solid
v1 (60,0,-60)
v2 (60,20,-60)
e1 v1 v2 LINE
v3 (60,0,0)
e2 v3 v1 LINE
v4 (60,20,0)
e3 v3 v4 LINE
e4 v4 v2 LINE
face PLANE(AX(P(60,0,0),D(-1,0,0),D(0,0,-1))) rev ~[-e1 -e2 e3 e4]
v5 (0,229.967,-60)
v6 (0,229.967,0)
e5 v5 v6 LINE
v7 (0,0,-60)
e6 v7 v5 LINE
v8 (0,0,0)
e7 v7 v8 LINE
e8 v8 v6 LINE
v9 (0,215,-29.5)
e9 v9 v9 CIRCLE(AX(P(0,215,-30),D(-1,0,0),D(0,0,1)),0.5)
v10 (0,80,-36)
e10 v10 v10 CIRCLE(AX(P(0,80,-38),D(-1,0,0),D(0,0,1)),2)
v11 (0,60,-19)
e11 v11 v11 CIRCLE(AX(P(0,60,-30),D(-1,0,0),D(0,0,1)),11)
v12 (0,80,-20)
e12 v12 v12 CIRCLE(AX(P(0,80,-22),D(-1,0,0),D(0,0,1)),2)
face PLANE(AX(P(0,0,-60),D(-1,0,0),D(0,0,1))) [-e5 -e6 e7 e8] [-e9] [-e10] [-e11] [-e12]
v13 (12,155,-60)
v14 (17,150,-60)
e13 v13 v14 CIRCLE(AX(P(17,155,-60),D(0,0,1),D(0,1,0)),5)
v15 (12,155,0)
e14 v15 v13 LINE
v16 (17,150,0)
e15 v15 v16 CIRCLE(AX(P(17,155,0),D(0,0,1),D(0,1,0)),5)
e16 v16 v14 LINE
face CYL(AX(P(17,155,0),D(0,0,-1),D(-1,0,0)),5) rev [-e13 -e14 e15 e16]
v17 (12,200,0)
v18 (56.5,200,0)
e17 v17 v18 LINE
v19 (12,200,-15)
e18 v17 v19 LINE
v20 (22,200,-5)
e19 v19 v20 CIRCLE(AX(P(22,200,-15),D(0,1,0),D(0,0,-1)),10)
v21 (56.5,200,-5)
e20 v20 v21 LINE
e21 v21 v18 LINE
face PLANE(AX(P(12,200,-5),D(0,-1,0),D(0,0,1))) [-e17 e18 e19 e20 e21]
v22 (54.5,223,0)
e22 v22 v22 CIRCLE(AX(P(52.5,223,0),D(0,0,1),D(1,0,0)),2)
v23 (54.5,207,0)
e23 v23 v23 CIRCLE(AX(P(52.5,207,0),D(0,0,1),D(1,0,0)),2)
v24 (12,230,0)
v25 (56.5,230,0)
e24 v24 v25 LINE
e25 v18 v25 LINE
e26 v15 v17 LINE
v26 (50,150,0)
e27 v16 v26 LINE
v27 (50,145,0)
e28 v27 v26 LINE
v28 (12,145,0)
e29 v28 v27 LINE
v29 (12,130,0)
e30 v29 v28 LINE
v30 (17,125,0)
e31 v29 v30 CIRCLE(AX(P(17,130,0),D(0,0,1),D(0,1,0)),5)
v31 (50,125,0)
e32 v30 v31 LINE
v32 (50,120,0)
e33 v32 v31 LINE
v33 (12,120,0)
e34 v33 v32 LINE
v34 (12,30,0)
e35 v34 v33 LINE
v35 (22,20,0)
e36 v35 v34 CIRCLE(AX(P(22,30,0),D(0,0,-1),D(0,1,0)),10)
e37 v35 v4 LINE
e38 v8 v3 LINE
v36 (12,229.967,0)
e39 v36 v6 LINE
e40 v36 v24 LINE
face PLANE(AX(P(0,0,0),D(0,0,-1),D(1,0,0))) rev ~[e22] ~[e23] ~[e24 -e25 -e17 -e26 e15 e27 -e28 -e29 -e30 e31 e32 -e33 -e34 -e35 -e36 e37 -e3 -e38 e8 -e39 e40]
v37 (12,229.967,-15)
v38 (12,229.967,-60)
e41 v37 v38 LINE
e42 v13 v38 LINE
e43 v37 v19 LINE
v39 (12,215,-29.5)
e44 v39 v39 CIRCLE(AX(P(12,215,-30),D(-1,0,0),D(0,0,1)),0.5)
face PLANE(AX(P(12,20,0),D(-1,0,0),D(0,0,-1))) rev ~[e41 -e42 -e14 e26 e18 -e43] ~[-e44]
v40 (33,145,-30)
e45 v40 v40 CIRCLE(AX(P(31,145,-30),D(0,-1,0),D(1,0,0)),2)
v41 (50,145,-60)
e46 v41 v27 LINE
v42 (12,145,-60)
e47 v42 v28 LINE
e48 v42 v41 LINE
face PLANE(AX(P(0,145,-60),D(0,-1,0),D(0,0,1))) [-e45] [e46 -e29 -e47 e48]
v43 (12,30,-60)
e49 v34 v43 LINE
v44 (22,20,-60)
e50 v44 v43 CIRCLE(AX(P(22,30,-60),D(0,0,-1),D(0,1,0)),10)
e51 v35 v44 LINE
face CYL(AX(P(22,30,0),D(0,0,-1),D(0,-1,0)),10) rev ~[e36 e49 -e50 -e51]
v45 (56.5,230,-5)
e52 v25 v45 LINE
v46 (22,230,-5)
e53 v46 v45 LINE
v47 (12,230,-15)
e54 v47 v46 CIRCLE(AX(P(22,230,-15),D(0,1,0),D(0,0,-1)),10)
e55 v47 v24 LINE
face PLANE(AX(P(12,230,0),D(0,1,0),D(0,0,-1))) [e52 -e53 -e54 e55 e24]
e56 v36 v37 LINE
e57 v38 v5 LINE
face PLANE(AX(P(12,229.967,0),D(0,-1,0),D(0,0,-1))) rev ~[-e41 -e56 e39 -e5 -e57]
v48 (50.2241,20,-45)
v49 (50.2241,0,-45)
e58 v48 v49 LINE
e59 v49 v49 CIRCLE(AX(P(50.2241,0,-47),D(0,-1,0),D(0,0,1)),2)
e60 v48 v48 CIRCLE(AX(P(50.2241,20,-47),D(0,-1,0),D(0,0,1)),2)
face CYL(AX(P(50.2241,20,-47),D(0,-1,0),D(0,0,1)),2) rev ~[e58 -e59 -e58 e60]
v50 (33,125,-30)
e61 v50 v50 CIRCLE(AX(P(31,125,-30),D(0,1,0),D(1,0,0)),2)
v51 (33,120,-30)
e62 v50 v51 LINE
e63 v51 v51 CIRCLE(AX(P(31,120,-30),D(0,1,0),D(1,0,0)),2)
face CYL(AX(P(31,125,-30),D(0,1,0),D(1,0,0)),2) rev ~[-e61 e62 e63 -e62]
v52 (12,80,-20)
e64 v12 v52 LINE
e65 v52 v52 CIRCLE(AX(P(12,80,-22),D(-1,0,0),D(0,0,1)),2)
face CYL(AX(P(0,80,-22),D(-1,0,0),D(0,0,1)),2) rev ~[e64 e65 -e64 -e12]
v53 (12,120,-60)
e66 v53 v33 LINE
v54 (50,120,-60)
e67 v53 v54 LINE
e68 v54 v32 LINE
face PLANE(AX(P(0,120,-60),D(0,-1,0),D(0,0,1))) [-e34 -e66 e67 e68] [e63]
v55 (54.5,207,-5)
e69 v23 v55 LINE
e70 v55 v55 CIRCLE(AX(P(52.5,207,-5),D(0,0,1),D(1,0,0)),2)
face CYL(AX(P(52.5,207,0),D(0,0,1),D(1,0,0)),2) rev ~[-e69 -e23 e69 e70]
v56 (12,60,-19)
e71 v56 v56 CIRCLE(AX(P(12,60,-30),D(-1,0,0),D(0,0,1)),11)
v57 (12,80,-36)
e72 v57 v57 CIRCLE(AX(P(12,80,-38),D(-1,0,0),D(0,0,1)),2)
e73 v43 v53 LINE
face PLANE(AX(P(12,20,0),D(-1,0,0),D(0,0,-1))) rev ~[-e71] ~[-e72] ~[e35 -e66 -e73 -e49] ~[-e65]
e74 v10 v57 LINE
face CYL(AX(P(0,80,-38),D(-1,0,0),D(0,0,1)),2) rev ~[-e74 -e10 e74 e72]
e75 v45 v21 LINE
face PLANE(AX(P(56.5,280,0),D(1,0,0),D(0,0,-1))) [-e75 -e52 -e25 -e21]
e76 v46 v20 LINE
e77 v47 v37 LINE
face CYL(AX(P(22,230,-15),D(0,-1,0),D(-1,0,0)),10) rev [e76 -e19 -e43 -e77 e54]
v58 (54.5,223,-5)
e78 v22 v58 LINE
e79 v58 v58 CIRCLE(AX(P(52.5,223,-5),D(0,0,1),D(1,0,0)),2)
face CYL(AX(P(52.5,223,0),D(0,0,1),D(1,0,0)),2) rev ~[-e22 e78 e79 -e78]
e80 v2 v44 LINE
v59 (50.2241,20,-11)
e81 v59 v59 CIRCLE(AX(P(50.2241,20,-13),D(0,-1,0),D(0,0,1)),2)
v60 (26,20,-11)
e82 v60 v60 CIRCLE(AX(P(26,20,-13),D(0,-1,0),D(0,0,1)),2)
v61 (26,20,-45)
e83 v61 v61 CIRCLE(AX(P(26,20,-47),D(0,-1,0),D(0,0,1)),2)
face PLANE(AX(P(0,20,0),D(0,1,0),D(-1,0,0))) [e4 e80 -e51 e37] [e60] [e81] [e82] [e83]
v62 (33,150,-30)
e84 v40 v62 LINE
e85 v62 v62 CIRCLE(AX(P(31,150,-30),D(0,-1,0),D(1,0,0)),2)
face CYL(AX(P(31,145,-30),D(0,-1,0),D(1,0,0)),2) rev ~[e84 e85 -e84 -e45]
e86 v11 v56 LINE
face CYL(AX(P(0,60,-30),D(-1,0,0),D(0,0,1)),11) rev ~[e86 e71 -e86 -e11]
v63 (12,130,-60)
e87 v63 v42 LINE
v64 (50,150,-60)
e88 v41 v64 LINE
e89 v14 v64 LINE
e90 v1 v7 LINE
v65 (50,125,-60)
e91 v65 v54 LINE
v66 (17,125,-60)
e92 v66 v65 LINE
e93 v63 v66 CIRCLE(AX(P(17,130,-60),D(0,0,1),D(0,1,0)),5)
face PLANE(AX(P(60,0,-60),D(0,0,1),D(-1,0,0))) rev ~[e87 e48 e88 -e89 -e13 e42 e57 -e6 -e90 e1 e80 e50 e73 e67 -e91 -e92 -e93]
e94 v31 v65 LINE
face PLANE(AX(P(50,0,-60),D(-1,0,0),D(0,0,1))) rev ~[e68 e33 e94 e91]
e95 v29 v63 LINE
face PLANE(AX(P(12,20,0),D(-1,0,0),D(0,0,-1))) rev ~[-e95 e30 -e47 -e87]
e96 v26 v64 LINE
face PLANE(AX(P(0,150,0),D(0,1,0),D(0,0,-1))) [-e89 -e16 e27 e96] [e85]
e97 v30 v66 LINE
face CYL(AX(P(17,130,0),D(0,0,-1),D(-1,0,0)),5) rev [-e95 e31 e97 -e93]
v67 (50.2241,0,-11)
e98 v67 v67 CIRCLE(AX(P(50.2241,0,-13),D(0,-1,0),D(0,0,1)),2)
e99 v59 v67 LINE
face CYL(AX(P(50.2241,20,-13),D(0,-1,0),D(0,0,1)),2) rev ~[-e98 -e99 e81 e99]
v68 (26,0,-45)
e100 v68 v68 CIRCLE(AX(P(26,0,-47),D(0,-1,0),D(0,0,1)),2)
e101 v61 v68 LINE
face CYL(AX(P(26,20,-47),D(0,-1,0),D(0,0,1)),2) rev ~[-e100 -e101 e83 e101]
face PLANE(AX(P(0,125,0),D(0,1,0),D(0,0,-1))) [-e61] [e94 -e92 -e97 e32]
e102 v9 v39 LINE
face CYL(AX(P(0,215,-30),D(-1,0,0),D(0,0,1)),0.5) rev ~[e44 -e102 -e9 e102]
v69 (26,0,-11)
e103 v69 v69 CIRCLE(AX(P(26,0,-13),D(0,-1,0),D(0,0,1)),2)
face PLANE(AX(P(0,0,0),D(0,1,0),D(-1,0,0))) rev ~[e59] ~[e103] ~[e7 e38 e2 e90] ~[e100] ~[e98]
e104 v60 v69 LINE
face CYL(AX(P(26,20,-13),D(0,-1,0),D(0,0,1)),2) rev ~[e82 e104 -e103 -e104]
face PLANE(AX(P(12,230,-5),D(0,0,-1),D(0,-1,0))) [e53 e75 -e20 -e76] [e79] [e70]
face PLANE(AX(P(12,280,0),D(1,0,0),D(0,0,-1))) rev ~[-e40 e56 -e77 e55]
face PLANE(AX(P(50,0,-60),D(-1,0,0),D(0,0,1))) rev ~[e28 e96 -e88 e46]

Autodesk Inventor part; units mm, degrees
ref_plane "YZ Plane" through (0, 0, 0) normal (1, 0, 0) x (0, 1, 0)
ref_plane "XZ Plane" through (0, 0, 0) normal (0, 1, 0) x (-1, 0, 0)
ref_plane "XY Plane" through (0, 0, 0) normal (0, 0, 1) x (1, 0, 0)
sketch "Эскиз1" plane through (0, 0, 0) normal (0, 1, 0) x (-1, 0, 0)
  line L0 (0, 0) -> (-60, 0)
  line L1 (-60, 0) -> (-60, -60)
  line L2 (-60, -60) -> (0, -60)
  line L3 (0, -60) -> (0, 0)
  dimension "d0" = 60
  dimension "d1" = 60
extrude "Выдавливание1" add sketch "Эскиз1" along normal blind 20
sketch "Эскиз2" plane through (0, 20, 0) normal (0, 1, 0) x (1, 0, 0)
  line L0 (0, 0) -> (60, 0) projected
  line L1 (0, 0) -> (12, 0)
  line L2 (12, 0) -> (12, 60)
  line L3 (60, 60) -> (0, 60) projected
  line L4 (0, 60) -> (0, 0) projected
  line L5 (0, 60) -> (0, 0)
  dimension "d4" = 12
extrude "Выдавливание2" add sketch "Эскиз2" along normal blind 260
sketch "Эскиз3" plane through (0, 20, 0) normal (0, 1, 0) x (1, 0, 0)
  point P0 (0, 0)
  point P1 (26, 13)
  point P2 (26, 47)
  point P3 (50.2241, 13)
  point P4 (50.2241, 47)
hole "Отверстие1" at (26, 20, -13) at (26, 20, -47) at (50.2241, 20, -13) at (50.2241, 20, -47) direction (0, -1, 0) diameter 4 depth 40 tip angle 118
sketch "Эскиз4" plane through (12, 20, 0) normal (1, 0, 0) x (0, 0, -1)
  point P0 (0, -20)
  point P1 (30, 88)
  dimension "d14" = 0
extrude "Выдавливание3" [suppressed]
sketch "Эскиз5" plane through (12, 20, 0) normal (1, 0, 0) x (0, 0, -1)
  point P0 (0, -20)
sketch "Эскиз6" plane through (0, 0, 0) normal (0, 0, 1) x (1, 0, 0)
  line L0 (0, 0) -> (0, 280) projected
  line L1 (12, 20) -> (12, 280) projected
sketch "Эскиз7" plane through (60, 0, -60) normal (0, 0, -1) x (-1, 0, 0)
  point P0 (60, 0)
sketch "Эскиз8" plane through (12, 20, 0) normal (1, 0, 0) x (0, 0, -1)
  circle A0 centre (30, 80) radius 11.5
  point P0 (0, -20)
  point P1 (0, 80)
  dimension "d17" = 23
extrude "Выдавливание4" cut sketch "Эскиз8" against normal blind 100
sketch "Эскиз9" plane through (0, 0, -60) normal (-1, 0, 0) x (0, 0, 1)
  circle A0 centre (29.731, 99.8395) radius 12.5286
  point P0 (60, 0)
  point P1 (0, 80)
extrude "Выдавливание5" add sketch "Эскиз9" against normal blind 12
sketch "Эскиз10" plane through (0, 0, -60) normal (-1, 0, 0) x (0, 0, 1)
  line L0 (0, 0) -> (0, 280) projected
  circle A0 centre (30, 60) radius 11
  circle A1 centre (22, 80) radius 2
  circle A2 centre (38, 80) radius 2
  point P0 (60, 0)
  point P1 (0, 60)
  point P2 (0, 80)
  point P3 (30, 80)
  dimension "d22" = 22
  dimension "d23" = 4
  dimension "d24" = 4
extrude "Выдавливание6" cut sketch "Эскиз10" against normal blind 12
sketch "Эскиз11" plane through (0, 0, 0) normal (0, -1, 0) x (1, 0, 0)
  point P0 (0, 0)
fillet "Сопряжение1" radius 10 1 edges at (12, 20, -30)
sketch "Эскиз12" plane through (0, 0, -60) normal (-1, 0, 0) x (0, 0, 1)
  line L0 (0, 120) -> (60, 120)
  line L1 (60, 120) -> (60, 125)
  line L2 (60, 125) -> (0, 125)
  line L3 (0, 125) -> (0, 120)
  point P0 (60, 0)
  dimension "d28" = 60
  dimension "d29" = 5
extrude "Выдавливание7" add sketch "Эскиз12" against normal blind 50
fillet "Сопряжение2" radius 5 1 edges at (12, 125, -30)
sketch "Эскиз13" plane through (50, 125, 0) normal (0, 1, 0) x (1, 0, 0)
  circle A0 centre (-19, 30) radius 2
  point P0 (-50, 0)
  dimension "d33" = 4
extrude "Выдавливание8" cut sketch "Эскиз13" against normal blind 50
sketch "Эскиз14" plane through (0, 0, -60) normal (-1, 0, 0) x (0, 0, 1)
  line L0 (0, 0) -> (0, 280) projected
  line L1 (0, 145) -> (60, 145)
  line L2 (60, 145) -> (60, 150)
  line L3 (60, 150) -> (0, 150)
  line L4 (0, 150) -> (0, 145)
  point P0 (60, 0)
  dimension "d36" = 60
  dimension "d37" = 5
extrude "Выдавливание9" add sketch "Эскиз14" against normal blind 50
fillet "Сопряжение3" radius 5 1 edges at (12, 150, -30)
sketch "Эскиз15" plane through (12, 145, -60) normal (0, -1, 0) x (1, 0, 0)
  circle A0 centre (19, 30) radius 2 projected
  circle A1 centre (19, 30) radius 2
  circle A2 centre (19, 30) radius 2
  point P0 (-12, 60)
  point P1 (3.4297, 11.4015)
  dimension "d41" = 4
extrude "Выдавливание10" cut sketch "Эскиз15" against normal blind 50
sketch "Эскиз16" plane through (0, 0, -60) normal (-1, 0, 0) x (0, 0, 1)
  line L0 (0, 0) -> (0, 280) projected
  circle A0 centre (30, 215) radius 0.5
  point P0 (60, 0)
  point P1 (0, 215)
  point P2 (0, 215)
  dimension "d44" = 1
extrude "Выдавливание11" cut sketch "Эскиз16" against normal blind 100
sketch "Эскиз17" plane through (12, 280, 0) normal (1, 0, 0) x (0, 0, -1)
  point P0 (0, -280)
sketch "Эскиз18" plane through (12, 280, 0) normal (1, 0, 0) x (0, 0, -1)
  line L0 (0, -125) -> (0, 0) projected
  line L1 (60, -280) -> (60, 0) projected
  line L2 (0, -80) -> (0, -50)
  line L3 (0, -50) -> (5, -50)
  line L4 (5, -50) -> (5, -80)
  line L5 (5, -80) -> (0, -80)
  line L6 (0, -80) -> (0, -50)
  point P0 (0, -280)
  point P1 (30, -80)
  point P2 (30, -50)
  dimension "d47" = 5
extrude "Выдавливание12" add sketch "Эскиз18" along normal blind 44.5
sketch "Эскиз19" plane through (0, 0, 0) normal (0, 0, 1) x (1, 0, 0)
  circle A0 centre (52.5, 223) radius 2
  circle A1 centre (52.5, 207) radius 2
  point P0 (0, 0)
  point P1 (52.5, 215)
  dimension "d50" = 4
  dimension "d51" = 4
extrude "Выдавливание13" cut sketch "Эскиз19" against normal blind 45
fillet "Сопряжение4" radius 10 1 edges at (12, 215, -5)
sketch "Эскиз20" plane through (12, 280, 0) normal (1, 0, 0) x (0, 0, -1)
  line L0 (0, -280) -> (0, 0) projected
  line L1 (0, -50.033) -> (60, -50.033)
  line L2 (60, -280) -> (60, 0) projected
  line L3 (60, -50.033) -> (60, 0)
  line L4 (60, 0) -> (0, 0)
  line L5 (0, 0) -> (0, -50.033)
extrude "Выдавливание14" cut sketch "Эскиз20" against normal blind 100
properties part number "Подпора"
